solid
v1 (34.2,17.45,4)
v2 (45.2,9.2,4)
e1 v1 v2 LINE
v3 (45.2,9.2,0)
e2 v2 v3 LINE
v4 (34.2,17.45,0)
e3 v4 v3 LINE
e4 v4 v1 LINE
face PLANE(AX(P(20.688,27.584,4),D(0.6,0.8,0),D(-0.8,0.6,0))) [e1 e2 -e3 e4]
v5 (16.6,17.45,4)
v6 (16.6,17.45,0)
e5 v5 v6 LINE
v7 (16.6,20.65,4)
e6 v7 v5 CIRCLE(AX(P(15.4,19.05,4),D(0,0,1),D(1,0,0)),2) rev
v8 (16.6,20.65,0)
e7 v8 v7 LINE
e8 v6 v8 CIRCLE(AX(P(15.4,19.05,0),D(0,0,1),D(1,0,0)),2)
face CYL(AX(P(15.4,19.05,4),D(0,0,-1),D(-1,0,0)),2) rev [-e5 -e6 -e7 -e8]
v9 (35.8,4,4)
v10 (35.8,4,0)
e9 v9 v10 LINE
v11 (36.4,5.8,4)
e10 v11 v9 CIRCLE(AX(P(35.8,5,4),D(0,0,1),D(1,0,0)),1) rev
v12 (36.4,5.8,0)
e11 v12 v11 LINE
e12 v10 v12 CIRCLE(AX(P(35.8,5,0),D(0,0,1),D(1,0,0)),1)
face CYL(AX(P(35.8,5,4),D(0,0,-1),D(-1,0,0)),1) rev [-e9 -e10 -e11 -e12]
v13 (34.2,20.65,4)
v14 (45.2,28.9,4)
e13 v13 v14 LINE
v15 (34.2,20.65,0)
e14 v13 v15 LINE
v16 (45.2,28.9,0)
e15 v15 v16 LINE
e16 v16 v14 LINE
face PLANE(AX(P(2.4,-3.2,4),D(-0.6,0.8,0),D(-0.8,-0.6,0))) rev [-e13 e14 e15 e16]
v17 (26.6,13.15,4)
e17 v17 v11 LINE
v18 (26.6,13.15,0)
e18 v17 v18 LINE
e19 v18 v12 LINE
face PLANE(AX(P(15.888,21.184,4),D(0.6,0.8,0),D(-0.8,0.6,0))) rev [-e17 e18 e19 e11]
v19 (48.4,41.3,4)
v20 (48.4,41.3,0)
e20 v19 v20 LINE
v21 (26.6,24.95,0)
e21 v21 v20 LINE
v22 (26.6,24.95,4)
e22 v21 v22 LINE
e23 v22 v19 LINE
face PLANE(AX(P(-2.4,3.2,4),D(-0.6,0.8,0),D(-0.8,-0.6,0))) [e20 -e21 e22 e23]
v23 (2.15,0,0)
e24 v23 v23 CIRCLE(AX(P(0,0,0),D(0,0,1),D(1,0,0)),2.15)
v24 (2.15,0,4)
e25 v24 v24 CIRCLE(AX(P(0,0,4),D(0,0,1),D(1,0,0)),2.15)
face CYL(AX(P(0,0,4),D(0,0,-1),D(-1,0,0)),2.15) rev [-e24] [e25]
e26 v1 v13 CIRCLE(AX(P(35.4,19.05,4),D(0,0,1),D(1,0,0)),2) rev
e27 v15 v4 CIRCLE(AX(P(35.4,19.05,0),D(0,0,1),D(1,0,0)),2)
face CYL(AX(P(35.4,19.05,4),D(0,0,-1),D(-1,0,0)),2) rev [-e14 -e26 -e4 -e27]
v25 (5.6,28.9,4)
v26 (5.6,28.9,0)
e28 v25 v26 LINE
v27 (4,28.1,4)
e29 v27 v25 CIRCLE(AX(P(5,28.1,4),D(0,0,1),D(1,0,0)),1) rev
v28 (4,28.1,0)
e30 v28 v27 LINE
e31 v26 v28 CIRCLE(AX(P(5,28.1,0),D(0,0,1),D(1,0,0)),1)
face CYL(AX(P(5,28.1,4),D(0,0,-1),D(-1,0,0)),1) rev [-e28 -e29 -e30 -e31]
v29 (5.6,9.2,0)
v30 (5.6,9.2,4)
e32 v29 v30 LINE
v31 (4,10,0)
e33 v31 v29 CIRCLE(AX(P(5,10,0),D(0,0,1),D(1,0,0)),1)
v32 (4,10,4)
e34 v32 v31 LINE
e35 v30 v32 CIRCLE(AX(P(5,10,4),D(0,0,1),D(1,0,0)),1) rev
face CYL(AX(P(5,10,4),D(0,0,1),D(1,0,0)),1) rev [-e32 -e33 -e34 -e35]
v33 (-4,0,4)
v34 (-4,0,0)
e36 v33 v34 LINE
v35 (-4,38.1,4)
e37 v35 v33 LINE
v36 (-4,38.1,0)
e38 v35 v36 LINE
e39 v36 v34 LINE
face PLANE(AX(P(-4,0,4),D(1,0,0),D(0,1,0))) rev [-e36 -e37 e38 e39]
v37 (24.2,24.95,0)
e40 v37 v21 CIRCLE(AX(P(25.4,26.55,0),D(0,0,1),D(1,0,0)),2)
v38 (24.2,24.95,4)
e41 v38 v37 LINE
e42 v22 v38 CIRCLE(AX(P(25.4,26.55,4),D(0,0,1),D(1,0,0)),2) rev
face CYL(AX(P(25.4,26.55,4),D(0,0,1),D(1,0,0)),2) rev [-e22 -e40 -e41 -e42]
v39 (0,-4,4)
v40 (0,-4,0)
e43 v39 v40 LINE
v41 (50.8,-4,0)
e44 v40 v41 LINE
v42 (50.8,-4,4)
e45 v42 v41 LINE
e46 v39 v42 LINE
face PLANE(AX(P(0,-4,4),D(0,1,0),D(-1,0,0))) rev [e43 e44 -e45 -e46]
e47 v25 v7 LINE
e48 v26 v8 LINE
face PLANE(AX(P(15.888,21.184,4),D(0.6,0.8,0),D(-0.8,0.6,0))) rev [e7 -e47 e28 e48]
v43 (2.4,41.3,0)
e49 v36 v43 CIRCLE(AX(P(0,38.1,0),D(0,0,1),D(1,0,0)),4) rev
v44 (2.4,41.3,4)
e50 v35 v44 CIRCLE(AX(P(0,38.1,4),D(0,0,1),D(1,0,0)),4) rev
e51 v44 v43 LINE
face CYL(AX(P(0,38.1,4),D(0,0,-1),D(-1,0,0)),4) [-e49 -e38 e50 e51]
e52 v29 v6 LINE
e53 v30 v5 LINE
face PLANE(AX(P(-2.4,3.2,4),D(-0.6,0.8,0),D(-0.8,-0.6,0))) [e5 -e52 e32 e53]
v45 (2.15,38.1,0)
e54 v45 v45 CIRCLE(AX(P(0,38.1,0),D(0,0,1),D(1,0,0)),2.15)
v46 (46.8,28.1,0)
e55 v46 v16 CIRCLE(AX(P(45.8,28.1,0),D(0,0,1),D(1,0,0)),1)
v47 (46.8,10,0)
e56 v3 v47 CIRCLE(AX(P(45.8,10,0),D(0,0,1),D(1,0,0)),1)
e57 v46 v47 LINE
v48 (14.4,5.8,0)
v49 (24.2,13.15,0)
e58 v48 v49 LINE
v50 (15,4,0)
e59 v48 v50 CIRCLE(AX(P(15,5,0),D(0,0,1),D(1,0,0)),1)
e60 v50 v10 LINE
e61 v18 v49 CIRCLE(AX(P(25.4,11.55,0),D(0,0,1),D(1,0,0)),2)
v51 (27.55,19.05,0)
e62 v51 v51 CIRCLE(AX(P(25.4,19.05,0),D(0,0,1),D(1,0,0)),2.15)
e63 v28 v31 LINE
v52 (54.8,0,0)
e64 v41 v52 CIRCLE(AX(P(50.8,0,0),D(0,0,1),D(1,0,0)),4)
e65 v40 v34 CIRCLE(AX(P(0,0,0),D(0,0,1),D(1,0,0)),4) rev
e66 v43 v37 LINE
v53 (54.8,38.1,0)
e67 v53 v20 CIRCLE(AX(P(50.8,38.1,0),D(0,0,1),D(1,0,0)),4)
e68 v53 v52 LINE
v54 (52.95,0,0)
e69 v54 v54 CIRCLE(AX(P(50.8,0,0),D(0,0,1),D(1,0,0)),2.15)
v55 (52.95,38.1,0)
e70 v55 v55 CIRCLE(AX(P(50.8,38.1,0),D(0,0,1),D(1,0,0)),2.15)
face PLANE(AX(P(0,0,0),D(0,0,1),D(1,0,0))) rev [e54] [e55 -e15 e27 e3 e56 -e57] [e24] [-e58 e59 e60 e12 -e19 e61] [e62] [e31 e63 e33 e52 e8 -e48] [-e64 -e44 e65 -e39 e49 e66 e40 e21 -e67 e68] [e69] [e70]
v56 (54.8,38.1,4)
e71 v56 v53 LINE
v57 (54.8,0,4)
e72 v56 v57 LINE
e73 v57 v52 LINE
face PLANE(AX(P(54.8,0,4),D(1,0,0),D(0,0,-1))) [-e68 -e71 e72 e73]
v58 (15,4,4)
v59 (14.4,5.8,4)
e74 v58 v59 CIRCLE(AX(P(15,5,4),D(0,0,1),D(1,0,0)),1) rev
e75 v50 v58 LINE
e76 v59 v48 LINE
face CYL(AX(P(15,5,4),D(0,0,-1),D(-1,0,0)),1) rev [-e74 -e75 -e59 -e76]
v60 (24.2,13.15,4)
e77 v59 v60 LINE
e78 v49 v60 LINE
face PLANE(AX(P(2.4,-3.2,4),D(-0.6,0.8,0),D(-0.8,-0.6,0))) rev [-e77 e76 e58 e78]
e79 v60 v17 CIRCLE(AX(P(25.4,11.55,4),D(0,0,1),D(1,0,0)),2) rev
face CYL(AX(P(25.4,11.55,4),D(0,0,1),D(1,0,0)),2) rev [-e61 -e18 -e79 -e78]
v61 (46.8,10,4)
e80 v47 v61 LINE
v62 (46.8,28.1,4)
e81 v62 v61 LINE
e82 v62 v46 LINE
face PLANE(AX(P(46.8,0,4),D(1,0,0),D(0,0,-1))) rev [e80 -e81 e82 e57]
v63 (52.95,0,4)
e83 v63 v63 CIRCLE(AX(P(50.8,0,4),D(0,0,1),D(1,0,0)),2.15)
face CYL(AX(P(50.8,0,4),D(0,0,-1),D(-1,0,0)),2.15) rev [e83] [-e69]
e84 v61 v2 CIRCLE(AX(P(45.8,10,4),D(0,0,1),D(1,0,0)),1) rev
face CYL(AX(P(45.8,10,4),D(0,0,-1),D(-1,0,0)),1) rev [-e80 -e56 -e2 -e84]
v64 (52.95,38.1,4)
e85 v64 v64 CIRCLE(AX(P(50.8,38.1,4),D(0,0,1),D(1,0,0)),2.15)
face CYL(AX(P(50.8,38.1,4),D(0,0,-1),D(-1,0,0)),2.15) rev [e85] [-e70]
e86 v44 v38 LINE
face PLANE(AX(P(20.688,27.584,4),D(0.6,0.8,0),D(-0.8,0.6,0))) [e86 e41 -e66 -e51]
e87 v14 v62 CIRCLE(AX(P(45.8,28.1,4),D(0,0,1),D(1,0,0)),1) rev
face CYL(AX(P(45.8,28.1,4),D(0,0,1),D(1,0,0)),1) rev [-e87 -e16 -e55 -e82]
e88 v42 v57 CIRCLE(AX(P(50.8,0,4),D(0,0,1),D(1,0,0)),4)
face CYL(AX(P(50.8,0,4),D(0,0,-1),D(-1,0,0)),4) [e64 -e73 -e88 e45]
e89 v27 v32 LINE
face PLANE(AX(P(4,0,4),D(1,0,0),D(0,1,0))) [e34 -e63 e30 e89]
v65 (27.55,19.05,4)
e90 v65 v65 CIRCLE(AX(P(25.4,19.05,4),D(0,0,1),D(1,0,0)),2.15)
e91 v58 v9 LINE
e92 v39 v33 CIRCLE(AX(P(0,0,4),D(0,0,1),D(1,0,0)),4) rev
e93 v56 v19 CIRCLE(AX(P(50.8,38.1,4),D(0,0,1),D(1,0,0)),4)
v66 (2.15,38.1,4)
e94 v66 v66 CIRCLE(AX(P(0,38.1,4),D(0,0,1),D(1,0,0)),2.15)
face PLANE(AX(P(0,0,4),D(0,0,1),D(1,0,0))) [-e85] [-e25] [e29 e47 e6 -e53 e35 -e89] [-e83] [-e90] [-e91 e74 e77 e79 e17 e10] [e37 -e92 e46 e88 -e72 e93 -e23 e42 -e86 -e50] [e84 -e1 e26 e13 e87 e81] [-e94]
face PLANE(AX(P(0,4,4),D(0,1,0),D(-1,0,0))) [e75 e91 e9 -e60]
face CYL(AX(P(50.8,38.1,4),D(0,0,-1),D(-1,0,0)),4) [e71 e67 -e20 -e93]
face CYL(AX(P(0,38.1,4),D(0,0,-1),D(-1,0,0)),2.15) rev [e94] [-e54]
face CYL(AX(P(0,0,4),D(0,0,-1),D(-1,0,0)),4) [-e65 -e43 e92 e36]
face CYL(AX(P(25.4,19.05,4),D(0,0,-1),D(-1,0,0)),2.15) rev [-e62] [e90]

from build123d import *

# Parameters (mm, degrees)
SKETCH1_R           = 2.15
BOSS_EXTRUDE1_DEPTH = 4
FILLET1_R           = 2
FILLET3_R           = 1


with BuildPart() as part:
    # Sketch1 → Boss-Extrude1 (new body)
    with BuildSketch(Plane.XY):
        with BuildLine():
            Line((-5e-09, -4), (50.8, -4))
            ThreePointArc((50.8, -4), (53.628427143, -2.828427107), (54.8, 5.1e-08))
            Line((54.8, 5.1e-08), (54.8, 38.1))
            ThreePointArc((54.8, 38.1), (52.588854382, 41.677708764), (48.4, 41.3))
            Line((48.4, 41.3), (25.4, 24.05))
            Line((25.4, 24.05), (2.4, 41.3))
            ThreePointArc((2.4, 41.3), (-1.788854382, 41.677708764), (-4, 38.1))
            Line((-4, 38.1), (-4, 0))
            ThreePointArc((-4, 0), (-2.828427127, -2.828427123), (-5e-09, -4))
        make_face()
        Polygon((46.8, 8), (32.066666667, 19.05), (46.8, 30.1), align=None, mode=Mode.SUBTRACT)
        Circle(SKETCH1_R, mode=Mode.SUBTRACT)
        Polygon((4, 8), (4, 30.1), (18.733333333, 19.05), align=None, mode=Mode.SUBTRACT)
        Polygon((25.4, 14.05), (38.8, 4), (12, 4), align=None, mode=Mode.SUBTRACT)
        with Locations((25.4, 19.05)):
            Circle(SKETCH1_R, mode=Mode.SUBTRACT)
        with Locations((50.8, 0)):
            Circle(SKETCH1_R, mode=Mode.SUBTRACT)
        with Locations((0, 38.1)):
            Circle(SKETCH1_R, mode=Mode.SUBTRACT)
        with Locations((50.8, 38.1)):
            Circle(SKETCH1_R, mode=Mode.SUBTRACT)
    extrude(amount=BOSS_EXTRUDE1_DEPTH)

    # Fillet1
    fillet1_edges = [part.edges().sort_by_distance(p)[0] for p in [
        (18.733333333, 19.05, 2),
        (25.4, 14.05, 2),
        (32.066666667, 19.05, 2),
        (25.4, 24.05, 2),
    ]]
    fillet(fillet1_edges, radius=FILLET1_R)

    # Fillet3
    fillet3_edges = [part.edges().sort_by_distance(p)[0] for p in [
        (4, 30.1, 2),
        (4, 8, 2),
        (12, 4, 2),
        (38.8, 4, 2),
        (46.8, 30.1, 2),
        (46.8, 8, 2),
    ]]
    fillet(fillet3_edges, radius=FILLET3_R)


solid = part.part
